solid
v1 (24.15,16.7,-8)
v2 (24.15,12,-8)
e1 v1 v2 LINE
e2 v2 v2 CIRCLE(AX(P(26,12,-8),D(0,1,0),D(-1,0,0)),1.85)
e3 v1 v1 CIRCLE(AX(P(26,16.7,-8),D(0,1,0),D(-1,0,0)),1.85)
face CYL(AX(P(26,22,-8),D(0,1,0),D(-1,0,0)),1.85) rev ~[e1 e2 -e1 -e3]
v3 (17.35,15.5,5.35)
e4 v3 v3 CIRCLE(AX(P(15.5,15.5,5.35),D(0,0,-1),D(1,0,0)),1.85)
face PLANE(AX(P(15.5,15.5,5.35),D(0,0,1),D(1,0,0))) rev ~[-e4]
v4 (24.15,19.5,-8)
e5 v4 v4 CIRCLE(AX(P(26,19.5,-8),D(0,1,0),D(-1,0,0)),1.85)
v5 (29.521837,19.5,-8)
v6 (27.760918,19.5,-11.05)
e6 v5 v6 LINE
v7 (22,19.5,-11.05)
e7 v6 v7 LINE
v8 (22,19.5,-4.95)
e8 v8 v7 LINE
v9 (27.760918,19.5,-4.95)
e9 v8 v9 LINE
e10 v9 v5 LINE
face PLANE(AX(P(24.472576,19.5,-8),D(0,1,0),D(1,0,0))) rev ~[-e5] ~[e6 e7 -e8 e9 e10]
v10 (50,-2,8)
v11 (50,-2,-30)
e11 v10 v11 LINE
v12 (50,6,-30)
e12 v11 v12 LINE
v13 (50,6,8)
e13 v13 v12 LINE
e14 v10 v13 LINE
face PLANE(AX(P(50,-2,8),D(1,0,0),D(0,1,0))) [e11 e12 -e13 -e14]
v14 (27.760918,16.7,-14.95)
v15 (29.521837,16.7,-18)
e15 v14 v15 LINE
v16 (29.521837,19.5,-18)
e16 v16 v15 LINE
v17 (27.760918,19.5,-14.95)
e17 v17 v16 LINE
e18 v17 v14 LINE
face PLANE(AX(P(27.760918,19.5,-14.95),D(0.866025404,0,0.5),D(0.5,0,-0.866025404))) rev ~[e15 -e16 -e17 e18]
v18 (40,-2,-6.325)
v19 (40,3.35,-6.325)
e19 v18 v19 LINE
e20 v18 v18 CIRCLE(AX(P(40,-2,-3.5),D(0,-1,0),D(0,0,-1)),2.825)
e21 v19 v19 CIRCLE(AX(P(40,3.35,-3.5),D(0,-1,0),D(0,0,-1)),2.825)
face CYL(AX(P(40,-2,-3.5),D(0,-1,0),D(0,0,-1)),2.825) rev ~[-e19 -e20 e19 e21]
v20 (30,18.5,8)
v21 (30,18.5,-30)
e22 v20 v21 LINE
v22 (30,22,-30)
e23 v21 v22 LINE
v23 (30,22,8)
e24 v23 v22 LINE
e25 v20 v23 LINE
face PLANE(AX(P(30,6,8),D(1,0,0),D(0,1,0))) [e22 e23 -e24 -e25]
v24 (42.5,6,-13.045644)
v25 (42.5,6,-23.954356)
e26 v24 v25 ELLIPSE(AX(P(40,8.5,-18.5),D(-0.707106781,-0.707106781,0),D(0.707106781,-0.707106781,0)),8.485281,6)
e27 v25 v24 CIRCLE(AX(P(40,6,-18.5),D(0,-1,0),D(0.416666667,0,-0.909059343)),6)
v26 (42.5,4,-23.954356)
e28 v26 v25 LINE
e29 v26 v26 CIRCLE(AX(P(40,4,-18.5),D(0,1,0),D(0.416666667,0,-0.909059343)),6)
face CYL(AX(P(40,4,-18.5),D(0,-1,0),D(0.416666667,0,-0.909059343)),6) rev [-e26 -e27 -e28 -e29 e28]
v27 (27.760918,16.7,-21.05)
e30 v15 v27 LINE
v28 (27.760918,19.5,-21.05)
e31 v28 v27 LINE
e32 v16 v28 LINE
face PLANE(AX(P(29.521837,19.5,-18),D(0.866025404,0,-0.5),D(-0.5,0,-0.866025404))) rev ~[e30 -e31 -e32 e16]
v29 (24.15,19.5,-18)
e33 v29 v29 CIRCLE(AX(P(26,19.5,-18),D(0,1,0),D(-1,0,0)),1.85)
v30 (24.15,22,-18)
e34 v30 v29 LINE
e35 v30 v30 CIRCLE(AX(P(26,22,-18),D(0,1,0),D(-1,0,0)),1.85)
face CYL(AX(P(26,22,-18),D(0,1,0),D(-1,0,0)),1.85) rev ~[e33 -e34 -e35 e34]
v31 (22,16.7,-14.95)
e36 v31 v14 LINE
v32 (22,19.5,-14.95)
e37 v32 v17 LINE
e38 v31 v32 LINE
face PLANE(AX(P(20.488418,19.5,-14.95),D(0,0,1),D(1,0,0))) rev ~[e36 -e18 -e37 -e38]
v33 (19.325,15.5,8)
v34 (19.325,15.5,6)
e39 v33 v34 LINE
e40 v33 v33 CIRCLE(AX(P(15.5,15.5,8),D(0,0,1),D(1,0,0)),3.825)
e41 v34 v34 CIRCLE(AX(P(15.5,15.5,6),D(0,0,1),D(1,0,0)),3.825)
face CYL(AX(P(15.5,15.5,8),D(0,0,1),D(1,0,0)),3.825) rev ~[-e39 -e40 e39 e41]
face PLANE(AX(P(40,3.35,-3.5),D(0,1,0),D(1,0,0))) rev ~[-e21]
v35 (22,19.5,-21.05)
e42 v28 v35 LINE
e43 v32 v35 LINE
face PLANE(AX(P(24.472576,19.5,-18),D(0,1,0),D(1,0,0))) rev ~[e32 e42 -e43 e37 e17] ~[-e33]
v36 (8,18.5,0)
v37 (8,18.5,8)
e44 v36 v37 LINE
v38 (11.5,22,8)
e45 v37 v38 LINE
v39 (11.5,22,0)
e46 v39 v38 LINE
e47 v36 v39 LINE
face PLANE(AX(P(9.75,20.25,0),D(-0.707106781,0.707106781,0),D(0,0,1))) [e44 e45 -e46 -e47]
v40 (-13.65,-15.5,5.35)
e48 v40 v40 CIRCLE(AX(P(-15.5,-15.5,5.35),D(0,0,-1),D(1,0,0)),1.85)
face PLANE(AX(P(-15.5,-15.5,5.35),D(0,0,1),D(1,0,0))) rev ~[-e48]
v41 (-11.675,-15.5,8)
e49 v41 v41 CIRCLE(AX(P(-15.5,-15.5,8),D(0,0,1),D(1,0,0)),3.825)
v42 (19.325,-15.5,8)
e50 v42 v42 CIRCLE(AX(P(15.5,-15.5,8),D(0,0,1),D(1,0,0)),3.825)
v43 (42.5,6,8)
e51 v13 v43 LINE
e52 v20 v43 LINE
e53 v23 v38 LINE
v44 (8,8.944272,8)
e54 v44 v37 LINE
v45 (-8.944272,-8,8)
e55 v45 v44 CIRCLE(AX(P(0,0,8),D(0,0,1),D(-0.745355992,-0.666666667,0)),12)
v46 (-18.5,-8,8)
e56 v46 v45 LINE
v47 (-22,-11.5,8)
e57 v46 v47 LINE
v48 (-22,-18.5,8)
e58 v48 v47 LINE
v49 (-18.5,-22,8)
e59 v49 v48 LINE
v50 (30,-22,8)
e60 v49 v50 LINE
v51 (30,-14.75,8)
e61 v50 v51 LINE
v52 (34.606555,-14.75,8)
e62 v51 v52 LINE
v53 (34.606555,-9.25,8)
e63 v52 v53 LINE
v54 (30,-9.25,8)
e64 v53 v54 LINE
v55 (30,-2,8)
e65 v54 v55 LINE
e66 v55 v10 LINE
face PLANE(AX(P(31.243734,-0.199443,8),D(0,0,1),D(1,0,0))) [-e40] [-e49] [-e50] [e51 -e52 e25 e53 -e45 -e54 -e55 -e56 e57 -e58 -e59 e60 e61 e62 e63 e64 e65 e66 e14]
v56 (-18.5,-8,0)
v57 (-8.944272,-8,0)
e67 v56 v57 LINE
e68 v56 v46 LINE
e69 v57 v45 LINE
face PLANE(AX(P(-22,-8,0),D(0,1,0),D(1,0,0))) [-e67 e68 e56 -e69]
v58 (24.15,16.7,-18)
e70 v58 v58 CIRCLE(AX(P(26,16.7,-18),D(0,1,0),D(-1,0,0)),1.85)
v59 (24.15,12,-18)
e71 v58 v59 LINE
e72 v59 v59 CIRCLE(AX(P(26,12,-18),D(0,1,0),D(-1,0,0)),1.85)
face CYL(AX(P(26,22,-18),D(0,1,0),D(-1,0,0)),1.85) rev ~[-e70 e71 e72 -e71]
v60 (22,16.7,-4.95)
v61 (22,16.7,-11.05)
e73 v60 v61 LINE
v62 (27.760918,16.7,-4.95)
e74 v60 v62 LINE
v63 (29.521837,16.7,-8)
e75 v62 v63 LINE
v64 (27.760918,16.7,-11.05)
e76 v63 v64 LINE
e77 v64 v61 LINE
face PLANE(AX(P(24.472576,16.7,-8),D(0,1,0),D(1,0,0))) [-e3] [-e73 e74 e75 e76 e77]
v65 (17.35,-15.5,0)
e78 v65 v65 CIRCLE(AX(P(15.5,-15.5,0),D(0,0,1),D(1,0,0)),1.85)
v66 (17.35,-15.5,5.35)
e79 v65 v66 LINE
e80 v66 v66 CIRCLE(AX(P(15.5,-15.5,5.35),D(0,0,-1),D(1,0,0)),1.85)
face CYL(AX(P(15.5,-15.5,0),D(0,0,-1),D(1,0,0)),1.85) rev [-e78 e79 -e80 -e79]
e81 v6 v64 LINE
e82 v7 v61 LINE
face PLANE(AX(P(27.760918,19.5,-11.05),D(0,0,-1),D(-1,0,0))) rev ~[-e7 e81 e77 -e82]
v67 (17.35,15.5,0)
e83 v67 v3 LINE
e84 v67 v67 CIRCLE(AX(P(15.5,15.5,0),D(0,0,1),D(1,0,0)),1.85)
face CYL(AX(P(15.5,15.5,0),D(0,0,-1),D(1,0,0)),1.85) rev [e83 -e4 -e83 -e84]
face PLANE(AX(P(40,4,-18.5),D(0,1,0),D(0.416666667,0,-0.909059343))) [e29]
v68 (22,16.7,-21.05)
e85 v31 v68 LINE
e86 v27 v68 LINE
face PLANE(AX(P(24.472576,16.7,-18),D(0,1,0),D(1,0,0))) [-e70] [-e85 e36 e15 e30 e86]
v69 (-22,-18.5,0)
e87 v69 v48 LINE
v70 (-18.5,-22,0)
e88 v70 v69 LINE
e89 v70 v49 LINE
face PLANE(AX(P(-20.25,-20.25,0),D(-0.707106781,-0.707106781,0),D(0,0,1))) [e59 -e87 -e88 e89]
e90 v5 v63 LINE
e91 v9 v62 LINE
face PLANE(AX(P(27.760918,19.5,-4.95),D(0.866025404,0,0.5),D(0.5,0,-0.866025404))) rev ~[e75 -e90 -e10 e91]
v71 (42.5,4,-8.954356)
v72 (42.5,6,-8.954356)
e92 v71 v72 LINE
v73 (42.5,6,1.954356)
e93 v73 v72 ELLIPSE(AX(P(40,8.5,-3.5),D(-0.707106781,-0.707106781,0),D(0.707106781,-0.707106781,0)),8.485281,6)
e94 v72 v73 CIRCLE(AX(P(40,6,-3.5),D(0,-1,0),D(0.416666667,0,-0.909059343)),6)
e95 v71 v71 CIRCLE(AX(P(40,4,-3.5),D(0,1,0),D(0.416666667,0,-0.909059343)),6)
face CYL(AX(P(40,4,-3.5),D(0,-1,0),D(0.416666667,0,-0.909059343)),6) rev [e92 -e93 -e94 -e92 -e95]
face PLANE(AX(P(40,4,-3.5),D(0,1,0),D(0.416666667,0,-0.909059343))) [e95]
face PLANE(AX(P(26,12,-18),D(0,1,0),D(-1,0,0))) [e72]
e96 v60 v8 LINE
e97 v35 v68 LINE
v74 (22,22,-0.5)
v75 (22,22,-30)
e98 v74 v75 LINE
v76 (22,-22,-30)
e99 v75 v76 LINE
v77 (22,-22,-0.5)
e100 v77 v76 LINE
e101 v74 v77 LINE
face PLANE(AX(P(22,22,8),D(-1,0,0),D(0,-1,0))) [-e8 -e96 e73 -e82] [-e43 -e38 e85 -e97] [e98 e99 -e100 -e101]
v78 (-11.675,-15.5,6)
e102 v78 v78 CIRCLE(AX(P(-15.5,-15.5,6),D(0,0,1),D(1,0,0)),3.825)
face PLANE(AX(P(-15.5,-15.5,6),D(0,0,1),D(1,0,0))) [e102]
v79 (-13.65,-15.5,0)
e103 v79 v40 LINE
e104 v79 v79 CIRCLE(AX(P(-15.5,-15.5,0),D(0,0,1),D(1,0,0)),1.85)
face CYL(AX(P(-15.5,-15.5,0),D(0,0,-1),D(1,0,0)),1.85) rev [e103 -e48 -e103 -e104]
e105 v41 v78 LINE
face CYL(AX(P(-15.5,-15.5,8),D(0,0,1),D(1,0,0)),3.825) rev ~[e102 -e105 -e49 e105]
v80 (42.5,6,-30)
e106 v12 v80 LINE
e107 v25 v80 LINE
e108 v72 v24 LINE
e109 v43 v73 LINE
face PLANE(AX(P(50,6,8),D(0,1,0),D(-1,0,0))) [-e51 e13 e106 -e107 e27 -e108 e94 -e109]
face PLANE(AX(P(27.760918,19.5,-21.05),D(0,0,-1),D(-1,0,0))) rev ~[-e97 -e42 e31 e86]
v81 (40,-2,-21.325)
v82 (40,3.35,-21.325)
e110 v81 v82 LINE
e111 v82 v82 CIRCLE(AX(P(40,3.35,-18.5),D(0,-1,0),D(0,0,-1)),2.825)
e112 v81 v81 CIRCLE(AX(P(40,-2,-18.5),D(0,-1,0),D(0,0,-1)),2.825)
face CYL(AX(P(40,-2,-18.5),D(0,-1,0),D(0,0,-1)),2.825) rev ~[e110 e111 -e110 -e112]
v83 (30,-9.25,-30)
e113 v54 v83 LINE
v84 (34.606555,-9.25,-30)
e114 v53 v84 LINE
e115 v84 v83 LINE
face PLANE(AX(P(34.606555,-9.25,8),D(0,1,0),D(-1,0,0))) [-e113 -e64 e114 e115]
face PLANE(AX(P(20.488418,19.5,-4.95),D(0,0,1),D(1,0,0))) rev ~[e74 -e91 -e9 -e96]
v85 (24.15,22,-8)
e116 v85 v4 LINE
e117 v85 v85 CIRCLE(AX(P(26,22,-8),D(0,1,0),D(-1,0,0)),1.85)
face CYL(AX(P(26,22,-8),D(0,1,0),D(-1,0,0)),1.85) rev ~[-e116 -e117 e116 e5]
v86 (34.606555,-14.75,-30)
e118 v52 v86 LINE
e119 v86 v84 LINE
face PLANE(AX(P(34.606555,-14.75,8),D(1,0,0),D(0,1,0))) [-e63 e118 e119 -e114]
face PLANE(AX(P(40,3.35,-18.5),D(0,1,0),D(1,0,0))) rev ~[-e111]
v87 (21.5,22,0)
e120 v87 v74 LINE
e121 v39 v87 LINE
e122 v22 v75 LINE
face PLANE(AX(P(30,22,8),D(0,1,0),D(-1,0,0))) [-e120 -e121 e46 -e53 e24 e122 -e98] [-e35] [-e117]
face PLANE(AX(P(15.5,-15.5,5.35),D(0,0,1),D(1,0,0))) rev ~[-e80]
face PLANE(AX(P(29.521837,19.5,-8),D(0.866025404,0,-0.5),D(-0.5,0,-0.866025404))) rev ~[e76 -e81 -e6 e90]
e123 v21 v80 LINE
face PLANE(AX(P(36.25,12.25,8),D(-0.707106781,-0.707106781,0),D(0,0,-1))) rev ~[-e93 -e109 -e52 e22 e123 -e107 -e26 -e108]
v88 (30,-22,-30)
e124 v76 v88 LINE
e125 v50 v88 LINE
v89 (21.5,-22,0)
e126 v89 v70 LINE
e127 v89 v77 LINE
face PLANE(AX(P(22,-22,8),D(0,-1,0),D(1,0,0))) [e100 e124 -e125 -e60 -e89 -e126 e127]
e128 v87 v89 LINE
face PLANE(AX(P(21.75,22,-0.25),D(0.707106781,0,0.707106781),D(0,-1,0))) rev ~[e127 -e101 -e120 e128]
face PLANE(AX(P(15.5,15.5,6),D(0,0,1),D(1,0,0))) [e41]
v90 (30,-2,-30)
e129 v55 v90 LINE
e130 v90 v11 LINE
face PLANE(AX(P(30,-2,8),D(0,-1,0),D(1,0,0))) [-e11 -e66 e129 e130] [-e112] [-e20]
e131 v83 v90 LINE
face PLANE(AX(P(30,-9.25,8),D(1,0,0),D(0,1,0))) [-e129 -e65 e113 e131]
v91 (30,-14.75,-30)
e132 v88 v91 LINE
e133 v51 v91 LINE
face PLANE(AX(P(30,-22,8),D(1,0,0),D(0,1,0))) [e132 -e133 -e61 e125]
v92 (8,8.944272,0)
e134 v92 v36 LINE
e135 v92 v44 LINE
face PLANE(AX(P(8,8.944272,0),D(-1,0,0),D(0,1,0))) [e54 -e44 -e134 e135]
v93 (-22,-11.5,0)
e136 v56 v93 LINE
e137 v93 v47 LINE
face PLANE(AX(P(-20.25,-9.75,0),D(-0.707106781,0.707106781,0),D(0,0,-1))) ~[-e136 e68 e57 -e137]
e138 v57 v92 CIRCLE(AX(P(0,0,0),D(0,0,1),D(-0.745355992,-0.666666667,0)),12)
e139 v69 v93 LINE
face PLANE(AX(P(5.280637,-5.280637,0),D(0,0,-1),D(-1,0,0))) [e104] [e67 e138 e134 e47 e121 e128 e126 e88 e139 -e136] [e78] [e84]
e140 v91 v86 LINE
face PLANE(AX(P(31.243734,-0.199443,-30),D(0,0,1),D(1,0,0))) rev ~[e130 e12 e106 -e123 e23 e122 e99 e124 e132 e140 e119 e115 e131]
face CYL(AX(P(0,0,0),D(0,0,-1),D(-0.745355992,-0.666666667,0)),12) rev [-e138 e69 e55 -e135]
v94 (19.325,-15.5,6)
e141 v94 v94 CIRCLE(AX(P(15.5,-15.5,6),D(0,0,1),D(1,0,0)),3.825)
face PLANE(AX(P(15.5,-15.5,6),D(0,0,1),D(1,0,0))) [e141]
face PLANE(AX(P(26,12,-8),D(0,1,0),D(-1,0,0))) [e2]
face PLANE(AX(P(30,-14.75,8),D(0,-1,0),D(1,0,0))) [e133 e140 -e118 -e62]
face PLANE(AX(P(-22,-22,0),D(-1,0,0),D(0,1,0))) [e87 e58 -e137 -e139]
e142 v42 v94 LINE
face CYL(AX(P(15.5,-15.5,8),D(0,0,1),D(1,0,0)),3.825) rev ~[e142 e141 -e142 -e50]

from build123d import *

# Parameters (mm, degrees)
SKETCH1_R           = 1.85
BOSS_EXTRUDE1_DEPTH = 8
BOSS_EXTRUDE3_DEPTH = 38
CHAMFER1_SIZE       = 3.5
CHAMFER2_SIZE       = 12.5
SKETCH4_R           = 2.825
CUT_EXTRUDE1_DEPTH  = 15
CUT_EXTRUDE2_START  = -2
SKETCH5_R           = 6
CUT_EXTRUDE2_DEPTH  = 15
CHAMFER3_SIZE       = 0.5
SKETCH6_R           = 3.825
CUT_EXTRUDE3_DEPTH  = 2
SKETCH10_R          = 1.85
CUT_EXTRUDE6_DEPTH  = 10
CUT_EXTRUDE7_START  = -2.5
CUT_EXTRUDE7_DEPTH  = 2.8
SKETCH12_R          = 3.940095522
SKETCH12_R_2        = 4.765678208
PRINT_HELPER_DEPTH  = 0.65
SKETCH7_R           = 2.546325066
SKETCH7_R_2         = 2.762394701
SKETCH7_R_3         = 2.98597441
PRINT_HELPER1_DEPTH = 0.65


with BuildPart() as part:
    # Sketch1 → Boss-Extrude1 (new body)
    with BuildSketch(Plane.XY):
        with BuildLine():
            ThreePointArc((-8.94427191, -8), (8.485281374, -8.485281374), (8, 8.94427191))
            Line((8, 8.94427191), (8, 22))
            Line((8, 22), (22, 22))
            Line((22, 22), (22, -22))
            Line((22, -22), (-22, -22))
            Line((-22, -22), (-22, -8))
            Line((-22, -8), (-8.94427191, -8))
        make_face()
        with Locations((-15.5, -15.5)):
            Circle(SKETCH1_R, mode=Mode.SUBTRACT)
        with Locations((15.5, -15.5)):
            Circle(SKETCH1_R, mode=Mode.SUBTRACT)
        with Locations((15.5, 15.5)):
            Circle(SKETCH1_R, mode=Mode.SUBTRACT)
    extrude(amount=BOSS_EXTRUDE1_DEPTH)

    # Sketch3 → Boss-Extrude3 (add)
    with BuildSketch(Plane.XY.offset(8)):
        Polygon((30, -9.25), (30, -2), (50, -2), (50, 6), (30, 6), (30, 22), (22, 22), (22, 6), (22, -22), (30, -22), (30, -14.75), (34.606555482, -14.75), (34.606555482, -9.25), align=None)
    extrude(amount=-BOSS_EXTRUDE3_DEPTH)

    # Chamfer1
    chamfer1_edges = [part.edges().sort_by_distance(p)[0] for p in [
        (8, 22, 4),
        (-22, -22, 4),
        (-22, -8, 4),
    ]]
    chamfer(chamfer1_edges, length=CHAMFER1_SIZE)

    # Chamfer2
    chamfer2_edges = [part.edges().sort_by_distance(p)[0] for p in [
        (30, 6, -11),
    ]]
    chamfer(chamfer2_edges, length=CHAMFER2_SIZE)

    # Sketch4 → Cut-Extrude1 (cut)
    with BuildSketch(Plane.XZ.offset(2)):
        with Locations(Location((40, -3.5, 0), (0, 0, 270))):
            Circle(SKETCH4_R)
        with Locations(Location((40, -18.5, 0), (0, 0, 270))):
            Circle(SKETCH4_R)
    extrude(amount=-CUT_EXTRUDE1_DEPTH, mode=Mode.SUBTRACT)

    # Sketch5 → Cut-Extrude2 (cut)
    with BuildSketch(Plane(origin=(0, 6, 0), x_dir=(1, 0, 0), z_dir=(0, 1, 0)).offset(CUT_EXTRUDE2_START)):
        with Locations(Location((40, 18.5, 0), (0, 0, 65.375681648))):
            Circle(SKETCH5_R)
        with Locations(Location((40, 3.5, 0), (0, 0, 65.375681648))):
            Circle(SKETCH5_R)
    extrude(amount=CUT_EXTRUDE2_DEPTH, mode=Mode.SUBTRACT)

    # Chamfer3
    chamfer3_edges = [part.edges().sort_by_distance(p)[0] for p in [
        (22, 0, 0),
    ]]
    chamfer(chamfer3_edges, length=CHAMFER3_SIZE)

    # Sketch6 → Cut-Extrude3 (cut)
    with BuildSketch(Plane.XY.offset(8)):
        with Locations((15.5, 15.5)):
            Circle(SKETCH6_R)
        with Locations((15.5, -15.5)):
            Circle(SKETCH6_R)
        with Locations((-15.5, -15.5)):
            Circle(SKETCH6_R)
    extrude(amount=-CUT_EXTRUDE3_DEPTH, mode=Mode.SUBTRACT)

    # Sketch10 → Cut-Extrude6 (cut)
    with BuildSketch(Plane(origin=(0, 22, 0), x_dir=(1, 0, 0), z_dir=(0, 1, 0))):
        with Locations(Location((26, 8, 0), (0, 0, 180))):
            Circle(SKETCH10_R)
        with Locations(Location((26, 18, 0), (0, 0, 180))):
            Circle(SKETCH10_R)
    extrude(amount=-CUT_EXTRUDE6_DEPTH, mode=Mode.SUBTRACT)

    # Sketch11 → Cut-Extrude7 (cut)
    with BuildSketch(Plane(origin=(0, 22, 0), x_dir=(1, 0, 0), z_dir=(0, 1, 0)).offset(CUT_EXTRUDE7_START)):
        Polygon((24.239081679, 14.95), (27.760918321, 14.95), (29.521836642, 18), (27.760918321, 21.05), (24.239081679, 21.05), (20.488418147, 21.05), (20.488418147, 14.95), align=None)
        Polygon((24.239081679, 4.95), (27.760918321, 4.95), (29.521836642, 8), (27.760918321, 11.05), (24.239081679, 11.05), (20.488418147, 11.05), (20.488418147, 4.95), align=None)
    extrude(amount=-CUT_EXTRUDE7_DEPTH, mode=Mode.SUBTRACT)

    # Sketch12 → print_helper (add)
    with BuildSketch(Plane(origin=(0, 4, 0), x_dir=(1, 0, 0), z_dir=(0, 1, 0))):
        with Locations((40, 3.5)):
            Circle(SKETCH12_R)
        with Locations((40, 18.5)):
            Circle(SKETCH12_R_2)
    extrude(amount=-PRINT_HELPER_DEPTH)

    # Sketch7 → print_helper1 (add)
    with BuildSketch(Plane.XY.offset(6)):
        with Locations((15.5, 15.5)):
            Circle(SKETCH7_R)
        with Locations((15.5, -15.5)):
            Circle(SKETCH7_R_2)
        with Locations((-15.5, -15.5)):
            Circle(SKETCH7_R_3)
    extrude(amount=-PRINT_HELPER1_DEPTH)


solid = part.part
